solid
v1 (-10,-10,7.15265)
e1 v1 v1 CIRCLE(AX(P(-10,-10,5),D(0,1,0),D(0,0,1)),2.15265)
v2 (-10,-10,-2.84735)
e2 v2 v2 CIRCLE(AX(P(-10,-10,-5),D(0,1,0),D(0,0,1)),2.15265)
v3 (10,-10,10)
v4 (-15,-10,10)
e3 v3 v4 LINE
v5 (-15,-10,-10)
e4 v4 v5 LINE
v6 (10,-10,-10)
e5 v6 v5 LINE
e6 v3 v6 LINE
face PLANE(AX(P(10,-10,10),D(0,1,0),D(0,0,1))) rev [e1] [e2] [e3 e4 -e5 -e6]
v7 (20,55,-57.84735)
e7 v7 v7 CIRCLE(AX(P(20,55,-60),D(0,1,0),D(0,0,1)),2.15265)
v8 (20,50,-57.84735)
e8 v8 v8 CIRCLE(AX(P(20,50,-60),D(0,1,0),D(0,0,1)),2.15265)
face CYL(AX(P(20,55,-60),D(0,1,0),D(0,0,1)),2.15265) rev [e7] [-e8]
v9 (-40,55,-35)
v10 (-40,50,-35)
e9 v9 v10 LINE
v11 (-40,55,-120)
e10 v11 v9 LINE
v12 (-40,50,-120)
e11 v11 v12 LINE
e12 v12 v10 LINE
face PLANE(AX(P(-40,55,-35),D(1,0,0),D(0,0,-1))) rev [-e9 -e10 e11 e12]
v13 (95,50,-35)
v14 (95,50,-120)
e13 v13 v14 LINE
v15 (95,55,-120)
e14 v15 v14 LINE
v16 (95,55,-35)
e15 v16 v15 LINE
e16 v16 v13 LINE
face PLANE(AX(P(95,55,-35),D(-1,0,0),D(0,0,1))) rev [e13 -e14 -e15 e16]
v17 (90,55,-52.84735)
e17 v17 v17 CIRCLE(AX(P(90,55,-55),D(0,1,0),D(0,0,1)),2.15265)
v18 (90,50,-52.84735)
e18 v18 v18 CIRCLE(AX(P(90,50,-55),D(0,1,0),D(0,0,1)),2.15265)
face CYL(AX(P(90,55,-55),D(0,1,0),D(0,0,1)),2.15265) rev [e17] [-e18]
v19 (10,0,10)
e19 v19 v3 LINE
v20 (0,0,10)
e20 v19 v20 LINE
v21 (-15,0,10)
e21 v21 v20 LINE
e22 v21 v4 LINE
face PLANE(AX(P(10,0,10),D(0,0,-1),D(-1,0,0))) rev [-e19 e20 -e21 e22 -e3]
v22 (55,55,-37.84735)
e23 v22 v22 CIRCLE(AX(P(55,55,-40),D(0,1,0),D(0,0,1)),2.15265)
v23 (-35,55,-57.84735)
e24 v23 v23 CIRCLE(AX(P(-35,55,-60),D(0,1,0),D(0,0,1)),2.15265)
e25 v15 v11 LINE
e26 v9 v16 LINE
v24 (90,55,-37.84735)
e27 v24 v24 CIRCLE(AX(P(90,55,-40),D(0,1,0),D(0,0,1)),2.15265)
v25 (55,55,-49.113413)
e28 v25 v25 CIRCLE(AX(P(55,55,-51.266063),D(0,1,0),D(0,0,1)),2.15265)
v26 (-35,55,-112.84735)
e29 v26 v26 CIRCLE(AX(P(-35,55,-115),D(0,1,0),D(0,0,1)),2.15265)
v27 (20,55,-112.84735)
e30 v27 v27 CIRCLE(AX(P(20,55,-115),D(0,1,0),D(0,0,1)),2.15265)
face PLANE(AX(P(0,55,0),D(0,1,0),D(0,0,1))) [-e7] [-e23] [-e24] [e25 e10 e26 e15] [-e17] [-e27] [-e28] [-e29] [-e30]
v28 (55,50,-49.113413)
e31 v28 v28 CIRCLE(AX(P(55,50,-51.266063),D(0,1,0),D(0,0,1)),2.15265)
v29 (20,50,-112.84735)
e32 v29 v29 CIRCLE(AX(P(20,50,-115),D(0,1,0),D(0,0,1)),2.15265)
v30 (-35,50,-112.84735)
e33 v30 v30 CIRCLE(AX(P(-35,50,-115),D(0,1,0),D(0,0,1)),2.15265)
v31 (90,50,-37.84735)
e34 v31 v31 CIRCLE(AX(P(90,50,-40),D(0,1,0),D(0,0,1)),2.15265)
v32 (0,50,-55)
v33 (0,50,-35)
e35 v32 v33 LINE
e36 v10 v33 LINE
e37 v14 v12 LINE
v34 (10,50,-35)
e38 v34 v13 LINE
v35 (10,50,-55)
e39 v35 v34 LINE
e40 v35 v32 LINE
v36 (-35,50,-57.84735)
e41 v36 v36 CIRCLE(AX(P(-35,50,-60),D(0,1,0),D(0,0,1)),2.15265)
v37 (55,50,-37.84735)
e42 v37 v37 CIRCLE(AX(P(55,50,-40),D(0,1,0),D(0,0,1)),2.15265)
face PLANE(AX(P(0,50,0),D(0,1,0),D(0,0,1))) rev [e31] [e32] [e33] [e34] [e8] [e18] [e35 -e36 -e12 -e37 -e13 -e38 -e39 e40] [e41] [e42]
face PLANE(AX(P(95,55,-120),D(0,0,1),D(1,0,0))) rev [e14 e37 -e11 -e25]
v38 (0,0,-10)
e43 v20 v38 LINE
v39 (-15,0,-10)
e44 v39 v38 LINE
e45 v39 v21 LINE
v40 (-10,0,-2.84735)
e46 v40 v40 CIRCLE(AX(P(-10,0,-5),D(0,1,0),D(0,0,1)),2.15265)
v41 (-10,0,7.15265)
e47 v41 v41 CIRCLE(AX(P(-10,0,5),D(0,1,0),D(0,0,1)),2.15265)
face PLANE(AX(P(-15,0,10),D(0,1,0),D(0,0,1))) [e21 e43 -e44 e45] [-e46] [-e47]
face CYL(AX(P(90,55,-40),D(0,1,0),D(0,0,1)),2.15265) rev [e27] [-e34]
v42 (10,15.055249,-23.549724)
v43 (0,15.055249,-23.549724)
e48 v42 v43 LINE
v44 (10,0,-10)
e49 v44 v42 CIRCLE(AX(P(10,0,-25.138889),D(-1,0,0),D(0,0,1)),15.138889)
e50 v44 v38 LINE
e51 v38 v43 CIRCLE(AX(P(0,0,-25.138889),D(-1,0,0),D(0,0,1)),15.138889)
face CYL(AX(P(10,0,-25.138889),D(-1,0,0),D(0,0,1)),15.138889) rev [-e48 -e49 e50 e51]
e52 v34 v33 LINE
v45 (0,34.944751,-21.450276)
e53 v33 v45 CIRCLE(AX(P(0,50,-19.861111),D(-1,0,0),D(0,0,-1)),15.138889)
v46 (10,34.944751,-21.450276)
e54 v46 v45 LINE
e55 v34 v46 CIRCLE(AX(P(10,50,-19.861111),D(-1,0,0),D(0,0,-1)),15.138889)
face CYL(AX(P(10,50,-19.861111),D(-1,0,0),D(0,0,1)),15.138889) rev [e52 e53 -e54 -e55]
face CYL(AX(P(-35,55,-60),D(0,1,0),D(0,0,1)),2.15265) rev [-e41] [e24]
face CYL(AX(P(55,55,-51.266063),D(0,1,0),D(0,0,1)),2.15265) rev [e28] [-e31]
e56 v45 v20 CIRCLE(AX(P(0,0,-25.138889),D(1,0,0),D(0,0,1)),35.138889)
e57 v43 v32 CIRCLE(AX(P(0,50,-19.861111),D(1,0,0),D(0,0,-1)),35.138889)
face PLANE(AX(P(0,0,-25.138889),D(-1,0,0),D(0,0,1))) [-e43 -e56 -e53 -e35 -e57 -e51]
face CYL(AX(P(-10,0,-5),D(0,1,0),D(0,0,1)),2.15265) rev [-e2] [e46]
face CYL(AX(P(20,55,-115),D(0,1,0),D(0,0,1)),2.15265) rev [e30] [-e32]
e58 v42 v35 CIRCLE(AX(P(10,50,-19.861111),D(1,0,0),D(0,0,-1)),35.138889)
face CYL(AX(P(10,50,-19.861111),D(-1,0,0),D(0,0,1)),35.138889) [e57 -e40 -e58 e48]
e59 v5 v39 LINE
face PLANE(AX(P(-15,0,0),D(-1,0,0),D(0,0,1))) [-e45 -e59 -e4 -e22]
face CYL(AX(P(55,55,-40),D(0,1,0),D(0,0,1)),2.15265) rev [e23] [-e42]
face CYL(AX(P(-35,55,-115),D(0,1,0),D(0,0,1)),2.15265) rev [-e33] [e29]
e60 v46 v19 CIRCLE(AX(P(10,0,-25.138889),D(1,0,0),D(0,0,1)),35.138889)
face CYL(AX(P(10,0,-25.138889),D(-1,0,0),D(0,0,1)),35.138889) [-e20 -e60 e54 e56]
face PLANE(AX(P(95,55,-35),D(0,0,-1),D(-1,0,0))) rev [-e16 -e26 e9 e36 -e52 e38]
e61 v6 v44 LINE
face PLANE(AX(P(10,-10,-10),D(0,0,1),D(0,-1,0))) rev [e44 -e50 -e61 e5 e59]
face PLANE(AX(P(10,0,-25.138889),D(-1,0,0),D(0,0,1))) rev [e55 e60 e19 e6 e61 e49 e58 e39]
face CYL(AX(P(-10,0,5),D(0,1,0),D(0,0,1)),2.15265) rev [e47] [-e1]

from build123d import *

# Parameters (mm, degrees)
BOSS_EXTRUDE1_DEPTH   = 10
SKETCH2_W             = 20
SKETCH2_H             = 10
BOSS_EXTRUDE2_DEPTH   = 25
F_6_CLEARANCE_HOLE1_D = 4.3053
SKETCH5_W             = 135
SKETCH5_H             = 85
BOSS_EXTRUDE3_DEPTH   = 5
F_6_CLEARANCE_HOLE2_D = 4.3053
F_6_CLEARANCE_HOLE3_D = 4.3053


with BuildPart() as part:
    # Sketch1 → Boss-Extrude1 (new body)
    with BuildSketch(Plane(origin=(0, 0, 0), x_dir=(0, 0, -1), z_dir=(1, 0, 0))):
        with BuildLine():
            Line((-10, 0), (-10, -10))
            Line((-10, -10), (10, -10))
            Line((10, -10), (10, 0))
            ThreePointArc((10, 0), (13.886241397, 10.127382743), (23.549723757, 15.055248619))
            ThreePointArc((23.549723757, 15.055248619), (45.979641528, 26.493322625), (55, 50))
            Line((55, 50), (35, 50))
            ThreePointArc((35, 50), (31.113758603, 39.872617257), (21.450276243, 34.944751381))
            ThreePointArc((21.450276243, 34.944751381), (-0.979641528, 23.506677375), (-10, 0))
        make_face()
    extrude(amount=BOSS_EXTRUDE1_DEPTH)

    # Sketch2 → Boss-Extrude2 (add)
    with BuildSketch(Plane(origin=(10, 0, 0), x_dir=(0, 0, -1), z_dir=(1, 0, 0))):
        with Locations((0, -5)):
            Rectangle(SKETCH2_W, SKETCH2_H)
    extrude(amount=-BOSS_EXTRUDE2_DEPTH)

    # #6 Clearance Hole1 (through all)
    with Locations(Plane(origin=(0, 0, 0), x_dir=(1, 0, 0), z_dir=(0, 1, 0))):
        with Locations((-10, 5), (-10, -5)):
            Hole(F_6_CLEARANCE_HOLE1_D / 2)

    # Sketch5 → Boss-Extrude3 (add)
    with BuildSketch(Plane(origin=(0, 50, 0), x_dir=(1, 0, 0), z_dir=(0, 1, 0))):
        with Locations((27.5, 77.5)):
            Rectangle(SKETCH5_W, SKETCH5_H)
    extrude(amount=BOSS_EXTRUDE3_DEPTH)

    # #6 Clearance Hole2 (through all)
    with Locations(Plane(origin=(0, 55, 0), x_dir=(1, 0, 0), z_dir=(0, 1, 0))):
        with Locations((20, 115), (20, 60), (-35, 60), (-35, 115)):
            Hole(F_6_CLEARANCE_HOLE2_D / 2)

    # #6 Clearance Hole3 (through all)
    with Locations(Plane(origin=(0, 55, 0), x_dir=(1, 0, 0), z_dir=(0, 1, 0))):
        with Locations((90, 40), (55, 40), (55, 51.266063414), (90, 55)):
            Hole(F_6_CLEARANCE_HOLE3_D / 2)


solid = part.part
